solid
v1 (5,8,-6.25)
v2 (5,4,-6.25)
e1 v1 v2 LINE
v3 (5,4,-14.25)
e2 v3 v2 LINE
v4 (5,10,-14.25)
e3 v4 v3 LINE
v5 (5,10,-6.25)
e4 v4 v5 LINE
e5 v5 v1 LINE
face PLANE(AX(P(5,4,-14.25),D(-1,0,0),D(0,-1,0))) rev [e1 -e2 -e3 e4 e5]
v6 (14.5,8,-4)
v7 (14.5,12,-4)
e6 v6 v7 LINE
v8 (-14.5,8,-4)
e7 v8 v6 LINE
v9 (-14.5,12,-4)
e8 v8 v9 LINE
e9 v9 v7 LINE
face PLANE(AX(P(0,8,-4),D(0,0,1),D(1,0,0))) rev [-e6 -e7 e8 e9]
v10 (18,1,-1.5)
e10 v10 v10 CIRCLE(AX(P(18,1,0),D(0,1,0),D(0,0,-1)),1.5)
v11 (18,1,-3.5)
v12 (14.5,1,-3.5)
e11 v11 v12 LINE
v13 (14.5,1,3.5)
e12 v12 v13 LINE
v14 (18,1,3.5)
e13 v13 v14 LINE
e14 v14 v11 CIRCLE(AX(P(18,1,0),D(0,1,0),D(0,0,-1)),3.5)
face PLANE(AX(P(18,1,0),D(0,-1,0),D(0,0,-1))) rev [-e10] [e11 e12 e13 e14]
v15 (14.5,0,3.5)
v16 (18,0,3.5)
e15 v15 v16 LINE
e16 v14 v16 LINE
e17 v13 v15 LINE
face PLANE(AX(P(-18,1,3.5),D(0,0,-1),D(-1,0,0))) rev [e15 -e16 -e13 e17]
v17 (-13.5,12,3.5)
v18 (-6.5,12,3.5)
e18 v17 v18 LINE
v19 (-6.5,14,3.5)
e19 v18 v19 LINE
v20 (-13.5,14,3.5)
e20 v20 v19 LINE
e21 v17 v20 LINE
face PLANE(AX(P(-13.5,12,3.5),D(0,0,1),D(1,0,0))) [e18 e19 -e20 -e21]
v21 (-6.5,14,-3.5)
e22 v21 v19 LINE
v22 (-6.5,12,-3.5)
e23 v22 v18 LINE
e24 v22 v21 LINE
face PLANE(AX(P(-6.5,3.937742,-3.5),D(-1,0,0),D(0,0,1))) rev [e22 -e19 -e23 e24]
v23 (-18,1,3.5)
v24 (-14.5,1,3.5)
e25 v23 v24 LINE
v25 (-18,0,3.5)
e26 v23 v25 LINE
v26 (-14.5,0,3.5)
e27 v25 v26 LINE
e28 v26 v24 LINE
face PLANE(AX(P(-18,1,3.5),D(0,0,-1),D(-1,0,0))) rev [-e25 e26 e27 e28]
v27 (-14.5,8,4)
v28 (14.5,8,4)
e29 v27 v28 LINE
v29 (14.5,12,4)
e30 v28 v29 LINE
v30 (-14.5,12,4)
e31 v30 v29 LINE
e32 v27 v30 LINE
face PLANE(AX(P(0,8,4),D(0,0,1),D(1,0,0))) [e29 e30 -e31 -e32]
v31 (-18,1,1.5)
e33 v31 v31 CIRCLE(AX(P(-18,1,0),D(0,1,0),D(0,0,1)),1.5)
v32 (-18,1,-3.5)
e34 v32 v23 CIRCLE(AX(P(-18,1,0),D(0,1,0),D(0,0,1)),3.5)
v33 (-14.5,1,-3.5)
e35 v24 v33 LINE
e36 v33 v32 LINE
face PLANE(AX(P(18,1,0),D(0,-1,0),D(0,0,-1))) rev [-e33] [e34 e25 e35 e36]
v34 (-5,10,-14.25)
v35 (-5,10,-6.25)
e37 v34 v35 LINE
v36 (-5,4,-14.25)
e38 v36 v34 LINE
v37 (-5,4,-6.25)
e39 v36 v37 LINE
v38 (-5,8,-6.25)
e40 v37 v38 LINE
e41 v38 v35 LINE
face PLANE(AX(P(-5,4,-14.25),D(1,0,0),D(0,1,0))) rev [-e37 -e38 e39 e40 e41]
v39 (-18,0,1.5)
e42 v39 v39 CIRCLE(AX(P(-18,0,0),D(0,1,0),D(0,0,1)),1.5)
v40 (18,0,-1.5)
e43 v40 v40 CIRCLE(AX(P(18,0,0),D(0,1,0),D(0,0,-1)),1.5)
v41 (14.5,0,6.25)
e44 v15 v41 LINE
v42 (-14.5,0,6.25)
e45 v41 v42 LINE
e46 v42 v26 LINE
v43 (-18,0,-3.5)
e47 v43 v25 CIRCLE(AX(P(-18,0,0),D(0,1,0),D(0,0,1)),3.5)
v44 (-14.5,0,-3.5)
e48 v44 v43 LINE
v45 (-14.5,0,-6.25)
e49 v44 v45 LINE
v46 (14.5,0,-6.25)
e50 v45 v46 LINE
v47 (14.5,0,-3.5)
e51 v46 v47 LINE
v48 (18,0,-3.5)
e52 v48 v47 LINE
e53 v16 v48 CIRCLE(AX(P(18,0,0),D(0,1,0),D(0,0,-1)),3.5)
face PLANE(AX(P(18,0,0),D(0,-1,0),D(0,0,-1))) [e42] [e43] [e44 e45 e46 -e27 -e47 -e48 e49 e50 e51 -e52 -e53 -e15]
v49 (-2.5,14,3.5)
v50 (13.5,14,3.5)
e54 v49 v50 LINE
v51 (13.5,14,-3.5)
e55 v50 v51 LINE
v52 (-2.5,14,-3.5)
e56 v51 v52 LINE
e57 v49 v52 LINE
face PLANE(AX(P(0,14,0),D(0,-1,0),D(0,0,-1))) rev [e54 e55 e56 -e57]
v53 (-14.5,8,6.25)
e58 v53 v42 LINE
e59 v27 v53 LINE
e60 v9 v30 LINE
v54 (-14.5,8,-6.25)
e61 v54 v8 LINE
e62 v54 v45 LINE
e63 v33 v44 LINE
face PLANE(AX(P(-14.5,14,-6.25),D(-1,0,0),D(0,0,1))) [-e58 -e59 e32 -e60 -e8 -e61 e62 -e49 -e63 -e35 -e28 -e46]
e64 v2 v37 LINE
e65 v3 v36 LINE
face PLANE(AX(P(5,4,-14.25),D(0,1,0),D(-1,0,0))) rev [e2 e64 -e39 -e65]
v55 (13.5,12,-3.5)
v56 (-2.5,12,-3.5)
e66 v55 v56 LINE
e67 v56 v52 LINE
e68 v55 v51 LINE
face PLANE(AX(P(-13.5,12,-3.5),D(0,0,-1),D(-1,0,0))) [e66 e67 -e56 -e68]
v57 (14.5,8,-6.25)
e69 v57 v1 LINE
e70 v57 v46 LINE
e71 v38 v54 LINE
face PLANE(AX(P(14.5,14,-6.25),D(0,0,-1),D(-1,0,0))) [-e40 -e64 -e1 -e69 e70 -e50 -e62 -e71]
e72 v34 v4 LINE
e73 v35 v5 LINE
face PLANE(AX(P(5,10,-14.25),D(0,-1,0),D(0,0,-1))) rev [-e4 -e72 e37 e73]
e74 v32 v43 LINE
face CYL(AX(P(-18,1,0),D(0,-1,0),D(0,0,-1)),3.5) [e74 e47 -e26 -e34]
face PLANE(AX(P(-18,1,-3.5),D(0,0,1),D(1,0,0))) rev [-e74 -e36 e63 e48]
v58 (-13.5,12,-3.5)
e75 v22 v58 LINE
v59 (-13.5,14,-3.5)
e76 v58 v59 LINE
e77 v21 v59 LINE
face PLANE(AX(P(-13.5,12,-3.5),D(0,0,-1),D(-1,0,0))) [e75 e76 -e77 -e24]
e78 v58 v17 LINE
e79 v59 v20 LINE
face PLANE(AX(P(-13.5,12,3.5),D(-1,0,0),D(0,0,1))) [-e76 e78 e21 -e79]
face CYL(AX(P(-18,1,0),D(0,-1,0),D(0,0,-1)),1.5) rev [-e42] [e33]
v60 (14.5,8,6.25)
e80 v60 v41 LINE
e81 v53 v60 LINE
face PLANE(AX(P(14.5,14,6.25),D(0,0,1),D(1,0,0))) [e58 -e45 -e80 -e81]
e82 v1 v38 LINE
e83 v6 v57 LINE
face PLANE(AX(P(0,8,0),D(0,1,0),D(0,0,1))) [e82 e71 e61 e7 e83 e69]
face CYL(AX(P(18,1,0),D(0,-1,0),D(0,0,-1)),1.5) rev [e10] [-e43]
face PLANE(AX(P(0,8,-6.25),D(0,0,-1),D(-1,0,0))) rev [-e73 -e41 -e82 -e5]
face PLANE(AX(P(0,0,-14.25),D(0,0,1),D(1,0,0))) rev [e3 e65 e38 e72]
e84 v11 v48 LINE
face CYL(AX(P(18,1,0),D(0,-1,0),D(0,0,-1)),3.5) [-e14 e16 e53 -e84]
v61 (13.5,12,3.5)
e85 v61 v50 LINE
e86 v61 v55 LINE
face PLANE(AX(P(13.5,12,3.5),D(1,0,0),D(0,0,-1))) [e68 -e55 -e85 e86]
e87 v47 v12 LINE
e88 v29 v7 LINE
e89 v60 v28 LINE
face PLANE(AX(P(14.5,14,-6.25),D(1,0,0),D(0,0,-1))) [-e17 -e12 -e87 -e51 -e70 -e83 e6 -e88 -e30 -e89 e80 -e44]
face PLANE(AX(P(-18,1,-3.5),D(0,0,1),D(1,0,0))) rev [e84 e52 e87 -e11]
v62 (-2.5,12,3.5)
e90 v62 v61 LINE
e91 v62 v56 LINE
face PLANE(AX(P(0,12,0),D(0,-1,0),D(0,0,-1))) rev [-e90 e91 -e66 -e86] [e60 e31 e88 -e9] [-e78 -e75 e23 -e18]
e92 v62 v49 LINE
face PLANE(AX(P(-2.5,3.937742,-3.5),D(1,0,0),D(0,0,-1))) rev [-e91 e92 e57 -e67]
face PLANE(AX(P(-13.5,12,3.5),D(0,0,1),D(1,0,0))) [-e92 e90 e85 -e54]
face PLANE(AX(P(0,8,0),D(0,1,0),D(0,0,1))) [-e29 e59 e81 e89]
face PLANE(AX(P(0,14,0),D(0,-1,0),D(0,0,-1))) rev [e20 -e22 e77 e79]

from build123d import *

# Parameters (mm, degrees)
SKETCH_1_R          = 1.5
EXTRUDE_1_DEPTH     = 1
SKETCH_3_W          = 29
SKETCH_3_H          = 12.5
EXTRUDE_2_DEPTH     = 14
SKETCH_4_W          = 10
SKETCH_4_H          = 6
EXTRUDE_3_DEPTH     = 8
SKETCH_5_W          = 29
SKETCH_5_H          = 2.25
CUT_EXTRUDE_1_DEPTH = 6
SKETCH_6_W          = 29
SKETCH_6_H          = 12.5
SKETCH_6_W_2        = 27
SKETCH_6_H_2        = 7
CUT_EXTRUDE_2_DEPTH = 2
SKETCH_7_W          = 4
SKETCH_7_H          = 7
CUT_EXTRUDE_3_DEPTH = 2


with BuildPart() as part:
    # 草图1 → 凸台-拉伸1 (new body)
    with BuildSketch(Plane(origin=(0, 0, 0), x_dir=(1, 0, 0), z_dir=(0, 1, 0))):
        with BuildLine():
            Line((-18, -3.5), (18, -3.5))
            ThreePointArc((18, -3.5), (21.5, 0), (18, 3.5))
            Line((18, 3.5), (-18, 3.5))
            ThreePointArc((-18, 3.5), (-21.5, 0), (-18, -3.5))
        make_face()
        with Locations((-18, 0)):
            Circle(SKETCH_1_R, mode=Mode.SUBTRACT)
        with Locations((18, 0)):
            Circle(SKETCH_1_R, mode=Mode.SUBTRACT)
    extrude(amount=EXTRUDE_1_DEPTH)

    # 草图3 → 凸台-拉伸2 (add)
    with BuildSketch(Plane.XZ):
        Rectangle(SKETCH_3_W, SKETCH_3_H)
    extrude(amount=-EXTRUDE_2_DEPTH)

    # 草图4 → 凸台-拉伸3 (add)
    with BuildSketch(Plane(origin=(0, 0, -6.25), x_dir=(-1, 0, 0), z_dir=(0, 0, -1))):
        with Locations((0, 7)):
            Rectangle(SKETCH_4_W, SKETCH_4_H)
    extrude(amount=EXTRUDE_3_DEPTH)

    # 草图5 → 切除-拉伸1 (cut)
    with BuildSketch(Plane(origin=(0, 14, 0), x_dir=(1, 0, 0), z_dir=(0, 1, 0))):
        with Locations((0, 5.125)):
            Rectangle(SKETCH_5_W, SKETCH_5_H)
        with Locations((0, -5.125)):
            Rectangle(SKETCH_5_W, SKETCH_5_H)
    extrude(amount=-CUT_EXTRUDE_1_DEPTH, mode=Mode.SUBTRACT)

    # 草图6 → 切除-拉伸2 (cut)
    with BuildSketch(Plane(origin=(0, 14, 0), x_dir=(1, 0, 0), z_dir=(0, 1, 0))):
        Rectangle(SKETCH_6_W, SKETCH_6_H)
        Rectangle(SKETCH_6_W_2, SKETCH_6_H_2, mode=Mode.SUBTRACT)
    extrude(amount=-CUT_EXTRUDE_2_DEPTH, mode=Mode.SUBTRACT)

    # 草图7 → 切除-拉伸3 (cut)
    with BuildSketch(Plane(origin=(0, 14, 0), x_dir=(1, 0, 0), z_dir=(0, 1, 0))):
        with Locations((-4.5, 0)):
            Rectangle(SKETCH_7_W, SKETCH_7_H)
    extrude(amount=-CUT_EXTRUDE_3_DEPTH, mode=Mode.SUBTRACT)


solid = part.part
